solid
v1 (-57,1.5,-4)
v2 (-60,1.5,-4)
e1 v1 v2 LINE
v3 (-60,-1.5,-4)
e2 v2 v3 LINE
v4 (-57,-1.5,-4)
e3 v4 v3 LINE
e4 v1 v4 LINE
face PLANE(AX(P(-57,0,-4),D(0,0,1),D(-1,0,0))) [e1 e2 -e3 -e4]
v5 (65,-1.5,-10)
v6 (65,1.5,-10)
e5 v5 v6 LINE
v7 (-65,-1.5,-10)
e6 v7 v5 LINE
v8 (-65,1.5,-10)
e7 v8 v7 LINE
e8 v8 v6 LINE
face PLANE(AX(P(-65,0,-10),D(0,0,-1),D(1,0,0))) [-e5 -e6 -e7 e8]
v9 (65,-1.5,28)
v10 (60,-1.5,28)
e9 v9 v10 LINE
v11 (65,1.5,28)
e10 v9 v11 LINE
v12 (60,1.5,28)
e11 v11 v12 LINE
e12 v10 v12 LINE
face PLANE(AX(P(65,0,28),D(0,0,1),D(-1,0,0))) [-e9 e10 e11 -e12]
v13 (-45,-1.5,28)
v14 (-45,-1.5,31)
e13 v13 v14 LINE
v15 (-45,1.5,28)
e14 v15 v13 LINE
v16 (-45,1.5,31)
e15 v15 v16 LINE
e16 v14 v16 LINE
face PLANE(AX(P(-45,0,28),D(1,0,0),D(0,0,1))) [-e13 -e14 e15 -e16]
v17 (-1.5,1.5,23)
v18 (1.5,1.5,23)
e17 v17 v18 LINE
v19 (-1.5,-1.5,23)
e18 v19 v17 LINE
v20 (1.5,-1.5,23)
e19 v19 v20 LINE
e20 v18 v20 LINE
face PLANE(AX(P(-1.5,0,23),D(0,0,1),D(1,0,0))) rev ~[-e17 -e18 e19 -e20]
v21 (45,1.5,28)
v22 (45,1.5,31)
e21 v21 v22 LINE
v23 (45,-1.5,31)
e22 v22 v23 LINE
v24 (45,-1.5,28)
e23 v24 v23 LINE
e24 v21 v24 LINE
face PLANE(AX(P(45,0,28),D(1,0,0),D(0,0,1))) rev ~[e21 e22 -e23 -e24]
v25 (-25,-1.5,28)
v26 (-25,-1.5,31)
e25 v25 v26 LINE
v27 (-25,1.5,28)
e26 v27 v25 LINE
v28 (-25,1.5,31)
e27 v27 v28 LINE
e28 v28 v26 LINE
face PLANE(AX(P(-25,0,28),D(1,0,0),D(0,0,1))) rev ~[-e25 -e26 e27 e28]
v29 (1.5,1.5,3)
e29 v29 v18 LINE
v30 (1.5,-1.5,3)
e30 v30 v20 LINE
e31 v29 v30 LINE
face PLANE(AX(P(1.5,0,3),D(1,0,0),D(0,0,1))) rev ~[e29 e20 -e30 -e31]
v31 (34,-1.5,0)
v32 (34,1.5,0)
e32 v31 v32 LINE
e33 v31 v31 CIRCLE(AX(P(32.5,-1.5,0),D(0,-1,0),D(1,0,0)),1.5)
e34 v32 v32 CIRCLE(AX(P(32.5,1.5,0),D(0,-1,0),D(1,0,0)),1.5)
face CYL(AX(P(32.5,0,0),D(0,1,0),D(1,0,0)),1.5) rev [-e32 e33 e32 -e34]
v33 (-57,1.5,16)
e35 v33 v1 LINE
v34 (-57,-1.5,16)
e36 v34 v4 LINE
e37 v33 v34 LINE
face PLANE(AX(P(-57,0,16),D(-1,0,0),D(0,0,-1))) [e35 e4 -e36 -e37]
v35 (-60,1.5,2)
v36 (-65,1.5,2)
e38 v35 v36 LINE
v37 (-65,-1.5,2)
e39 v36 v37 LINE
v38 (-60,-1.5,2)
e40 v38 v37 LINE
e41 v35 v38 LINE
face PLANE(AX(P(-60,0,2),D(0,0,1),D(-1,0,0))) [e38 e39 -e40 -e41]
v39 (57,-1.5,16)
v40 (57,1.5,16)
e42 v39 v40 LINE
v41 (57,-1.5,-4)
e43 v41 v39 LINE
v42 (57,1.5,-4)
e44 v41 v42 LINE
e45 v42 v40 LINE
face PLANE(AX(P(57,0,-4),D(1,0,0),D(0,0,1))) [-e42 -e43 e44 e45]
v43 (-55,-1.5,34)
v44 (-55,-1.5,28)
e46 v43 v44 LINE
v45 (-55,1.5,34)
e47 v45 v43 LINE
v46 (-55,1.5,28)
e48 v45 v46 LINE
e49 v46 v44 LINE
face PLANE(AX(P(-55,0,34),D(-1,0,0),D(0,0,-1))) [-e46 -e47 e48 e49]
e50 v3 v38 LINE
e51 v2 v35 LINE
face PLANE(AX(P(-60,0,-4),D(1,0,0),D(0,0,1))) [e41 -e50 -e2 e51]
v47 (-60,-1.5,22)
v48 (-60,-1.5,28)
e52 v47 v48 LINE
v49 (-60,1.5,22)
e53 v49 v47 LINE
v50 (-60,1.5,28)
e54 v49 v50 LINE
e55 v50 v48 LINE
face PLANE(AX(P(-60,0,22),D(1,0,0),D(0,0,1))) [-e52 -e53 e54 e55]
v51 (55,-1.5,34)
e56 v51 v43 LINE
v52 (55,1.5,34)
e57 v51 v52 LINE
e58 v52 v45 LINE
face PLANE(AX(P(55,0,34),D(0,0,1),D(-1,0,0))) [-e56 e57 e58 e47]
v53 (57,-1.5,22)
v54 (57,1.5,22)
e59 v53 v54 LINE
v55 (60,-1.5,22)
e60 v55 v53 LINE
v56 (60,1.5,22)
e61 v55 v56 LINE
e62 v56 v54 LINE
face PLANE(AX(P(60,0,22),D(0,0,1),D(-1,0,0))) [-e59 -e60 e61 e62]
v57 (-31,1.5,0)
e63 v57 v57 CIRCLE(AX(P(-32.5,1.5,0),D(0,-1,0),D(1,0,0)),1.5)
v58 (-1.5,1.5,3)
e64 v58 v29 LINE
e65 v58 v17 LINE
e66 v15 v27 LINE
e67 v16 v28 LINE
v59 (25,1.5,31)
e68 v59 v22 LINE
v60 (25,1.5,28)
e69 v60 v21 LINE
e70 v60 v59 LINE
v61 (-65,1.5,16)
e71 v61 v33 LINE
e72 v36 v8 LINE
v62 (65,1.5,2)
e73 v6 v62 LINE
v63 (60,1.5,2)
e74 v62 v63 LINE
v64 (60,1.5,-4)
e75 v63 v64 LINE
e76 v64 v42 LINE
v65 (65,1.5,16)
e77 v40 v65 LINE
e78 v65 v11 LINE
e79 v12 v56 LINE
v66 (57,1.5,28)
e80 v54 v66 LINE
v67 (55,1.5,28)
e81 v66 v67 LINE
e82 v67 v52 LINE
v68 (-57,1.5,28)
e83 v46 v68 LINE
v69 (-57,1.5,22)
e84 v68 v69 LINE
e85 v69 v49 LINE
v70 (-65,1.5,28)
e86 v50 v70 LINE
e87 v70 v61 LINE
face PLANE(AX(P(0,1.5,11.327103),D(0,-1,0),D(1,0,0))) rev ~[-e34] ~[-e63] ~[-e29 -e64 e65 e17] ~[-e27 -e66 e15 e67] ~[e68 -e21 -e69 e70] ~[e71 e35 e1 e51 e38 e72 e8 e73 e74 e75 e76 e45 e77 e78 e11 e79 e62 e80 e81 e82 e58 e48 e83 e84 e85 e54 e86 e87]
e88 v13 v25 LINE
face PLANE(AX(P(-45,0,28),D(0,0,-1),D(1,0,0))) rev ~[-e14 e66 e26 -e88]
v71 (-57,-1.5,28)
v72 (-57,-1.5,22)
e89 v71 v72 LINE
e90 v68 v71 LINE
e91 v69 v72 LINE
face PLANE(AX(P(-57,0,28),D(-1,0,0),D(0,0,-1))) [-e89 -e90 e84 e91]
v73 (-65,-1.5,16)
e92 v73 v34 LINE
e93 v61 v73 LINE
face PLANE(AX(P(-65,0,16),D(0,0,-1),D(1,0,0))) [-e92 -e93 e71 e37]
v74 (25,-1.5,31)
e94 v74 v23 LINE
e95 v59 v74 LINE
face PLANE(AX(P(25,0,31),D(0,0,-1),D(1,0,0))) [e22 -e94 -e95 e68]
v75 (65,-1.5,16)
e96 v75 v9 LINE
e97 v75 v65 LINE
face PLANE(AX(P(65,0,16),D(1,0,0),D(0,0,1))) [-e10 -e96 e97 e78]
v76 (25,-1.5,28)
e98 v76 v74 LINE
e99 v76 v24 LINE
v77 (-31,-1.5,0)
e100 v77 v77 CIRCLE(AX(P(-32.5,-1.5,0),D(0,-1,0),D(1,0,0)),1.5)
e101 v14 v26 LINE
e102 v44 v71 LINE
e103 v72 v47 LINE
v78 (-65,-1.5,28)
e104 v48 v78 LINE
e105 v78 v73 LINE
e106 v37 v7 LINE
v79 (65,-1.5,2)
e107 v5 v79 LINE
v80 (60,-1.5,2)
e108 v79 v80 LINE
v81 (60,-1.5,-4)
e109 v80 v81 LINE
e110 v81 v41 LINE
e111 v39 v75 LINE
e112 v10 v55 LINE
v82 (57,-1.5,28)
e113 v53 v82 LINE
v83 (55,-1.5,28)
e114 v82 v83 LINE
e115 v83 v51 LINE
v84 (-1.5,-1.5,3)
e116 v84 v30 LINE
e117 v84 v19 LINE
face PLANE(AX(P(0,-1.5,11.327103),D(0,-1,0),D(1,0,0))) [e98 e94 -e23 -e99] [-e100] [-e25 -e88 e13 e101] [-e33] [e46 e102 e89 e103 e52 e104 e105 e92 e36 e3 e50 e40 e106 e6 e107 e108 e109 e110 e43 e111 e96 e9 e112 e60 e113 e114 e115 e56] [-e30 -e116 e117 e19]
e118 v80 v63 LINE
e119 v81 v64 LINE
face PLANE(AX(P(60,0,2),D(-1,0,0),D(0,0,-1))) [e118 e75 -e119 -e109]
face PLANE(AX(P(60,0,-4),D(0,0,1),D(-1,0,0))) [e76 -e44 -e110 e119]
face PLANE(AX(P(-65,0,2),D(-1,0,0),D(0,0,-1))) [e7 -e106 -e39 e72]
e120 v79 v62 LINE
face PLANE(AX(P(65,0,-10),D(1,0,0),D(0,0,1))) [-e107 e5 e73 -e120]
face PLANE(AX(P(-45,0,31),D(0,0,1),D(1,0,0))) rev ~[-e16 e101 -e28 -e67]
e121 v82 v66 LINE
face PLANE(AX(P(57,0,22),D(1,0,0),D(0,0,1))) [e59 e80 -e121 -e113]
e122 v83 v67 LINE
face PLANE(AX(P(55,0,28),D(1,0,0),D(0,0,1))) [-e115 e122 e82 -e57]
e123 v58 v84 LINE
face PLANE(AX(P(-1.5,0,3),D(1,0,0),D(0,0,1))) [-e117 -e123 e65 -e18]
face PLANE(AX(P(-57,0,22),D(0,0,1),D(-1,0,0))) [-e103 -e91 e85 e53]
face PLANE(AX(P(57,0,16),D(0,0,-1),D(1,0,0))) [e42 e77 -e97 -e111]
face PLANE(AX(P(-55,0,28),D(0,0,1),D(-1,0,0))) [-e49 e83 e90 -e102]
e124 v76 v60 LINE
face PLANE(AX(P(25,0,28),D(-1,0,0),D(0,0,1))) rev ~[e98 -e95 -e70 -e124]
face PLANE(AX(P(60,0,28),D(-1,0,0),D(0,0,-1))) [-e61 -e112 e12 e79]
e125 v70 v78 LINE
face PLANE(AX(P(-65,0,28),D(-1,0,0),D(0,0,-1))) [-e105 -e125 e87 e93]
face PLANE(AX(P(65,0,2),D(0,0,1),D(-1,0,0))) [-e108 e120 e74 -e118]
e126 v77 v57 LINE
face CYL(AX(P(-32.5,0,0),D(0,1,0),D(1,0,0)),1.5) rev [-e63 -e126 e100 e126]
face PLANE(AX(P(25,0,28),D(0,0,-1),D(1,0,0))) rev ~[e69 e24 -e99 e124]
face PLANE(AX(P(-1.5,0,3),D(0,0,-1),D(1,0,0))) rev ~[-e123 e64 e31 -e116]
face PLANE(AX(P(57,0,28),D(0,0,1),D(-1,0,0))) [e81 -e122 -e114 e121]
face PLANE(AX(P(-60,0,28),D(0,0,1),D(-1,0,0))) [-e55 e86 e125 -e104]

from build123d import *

# Parameters (mm, degrees)
F0_R     = 1.5
F0_W     = 20
F0_H     = 3
F0_W_2   = 3
F0_H_2   = 20
F1_DEPTH = 1.5


with BuildPart() as f1:
    # F0 (on Front) → F1 (new body, symmetric)
    with BuildSketch(Plane.XZ):
        Polygon((55, 34), (-55, 34), (-55, 28), (-57, 28), (-57, 22), (-60, 22), (-60, 28), (-65, 28), (-65, 22), (-65, 16), (-57, 16), (-57, -4), (-60, -4), (-60, 2), (-65, 2), (-65, -4), (-65, -10), (65, -10), (65, -4), (65, 2), (60, 2), (60, -4), (57, -4), (57, 16), (65, 16), (65, 22), (65, 28), (60, 28), (60, 22), (57, 22), (57, 28), (55, 28), align=None)
        with Locations((-32.5, 0)):
            Circle(F0_R, mode=Mode.SUBTRACT)
        with Locations((32.5, 0)):
            Circle(F0_R, mode=Mode.SUBTRACT)
        with Locations((-35, 29.5)):
            Rectangle(F0_W, F0_H, mode=Mode.SUBTRACT)
        with Locations((0, 13)):
            Rectangle(F0_W_2, F0_H_2, mode=Mode.SUBTRACT)
        with Locations((35, 29.5)):
            Rectangle(F0_W, F0_H, mode=Mode.SUBTRACT)
    extrude(amount=F1_DEPTH, both=True)


solid = f1.part
